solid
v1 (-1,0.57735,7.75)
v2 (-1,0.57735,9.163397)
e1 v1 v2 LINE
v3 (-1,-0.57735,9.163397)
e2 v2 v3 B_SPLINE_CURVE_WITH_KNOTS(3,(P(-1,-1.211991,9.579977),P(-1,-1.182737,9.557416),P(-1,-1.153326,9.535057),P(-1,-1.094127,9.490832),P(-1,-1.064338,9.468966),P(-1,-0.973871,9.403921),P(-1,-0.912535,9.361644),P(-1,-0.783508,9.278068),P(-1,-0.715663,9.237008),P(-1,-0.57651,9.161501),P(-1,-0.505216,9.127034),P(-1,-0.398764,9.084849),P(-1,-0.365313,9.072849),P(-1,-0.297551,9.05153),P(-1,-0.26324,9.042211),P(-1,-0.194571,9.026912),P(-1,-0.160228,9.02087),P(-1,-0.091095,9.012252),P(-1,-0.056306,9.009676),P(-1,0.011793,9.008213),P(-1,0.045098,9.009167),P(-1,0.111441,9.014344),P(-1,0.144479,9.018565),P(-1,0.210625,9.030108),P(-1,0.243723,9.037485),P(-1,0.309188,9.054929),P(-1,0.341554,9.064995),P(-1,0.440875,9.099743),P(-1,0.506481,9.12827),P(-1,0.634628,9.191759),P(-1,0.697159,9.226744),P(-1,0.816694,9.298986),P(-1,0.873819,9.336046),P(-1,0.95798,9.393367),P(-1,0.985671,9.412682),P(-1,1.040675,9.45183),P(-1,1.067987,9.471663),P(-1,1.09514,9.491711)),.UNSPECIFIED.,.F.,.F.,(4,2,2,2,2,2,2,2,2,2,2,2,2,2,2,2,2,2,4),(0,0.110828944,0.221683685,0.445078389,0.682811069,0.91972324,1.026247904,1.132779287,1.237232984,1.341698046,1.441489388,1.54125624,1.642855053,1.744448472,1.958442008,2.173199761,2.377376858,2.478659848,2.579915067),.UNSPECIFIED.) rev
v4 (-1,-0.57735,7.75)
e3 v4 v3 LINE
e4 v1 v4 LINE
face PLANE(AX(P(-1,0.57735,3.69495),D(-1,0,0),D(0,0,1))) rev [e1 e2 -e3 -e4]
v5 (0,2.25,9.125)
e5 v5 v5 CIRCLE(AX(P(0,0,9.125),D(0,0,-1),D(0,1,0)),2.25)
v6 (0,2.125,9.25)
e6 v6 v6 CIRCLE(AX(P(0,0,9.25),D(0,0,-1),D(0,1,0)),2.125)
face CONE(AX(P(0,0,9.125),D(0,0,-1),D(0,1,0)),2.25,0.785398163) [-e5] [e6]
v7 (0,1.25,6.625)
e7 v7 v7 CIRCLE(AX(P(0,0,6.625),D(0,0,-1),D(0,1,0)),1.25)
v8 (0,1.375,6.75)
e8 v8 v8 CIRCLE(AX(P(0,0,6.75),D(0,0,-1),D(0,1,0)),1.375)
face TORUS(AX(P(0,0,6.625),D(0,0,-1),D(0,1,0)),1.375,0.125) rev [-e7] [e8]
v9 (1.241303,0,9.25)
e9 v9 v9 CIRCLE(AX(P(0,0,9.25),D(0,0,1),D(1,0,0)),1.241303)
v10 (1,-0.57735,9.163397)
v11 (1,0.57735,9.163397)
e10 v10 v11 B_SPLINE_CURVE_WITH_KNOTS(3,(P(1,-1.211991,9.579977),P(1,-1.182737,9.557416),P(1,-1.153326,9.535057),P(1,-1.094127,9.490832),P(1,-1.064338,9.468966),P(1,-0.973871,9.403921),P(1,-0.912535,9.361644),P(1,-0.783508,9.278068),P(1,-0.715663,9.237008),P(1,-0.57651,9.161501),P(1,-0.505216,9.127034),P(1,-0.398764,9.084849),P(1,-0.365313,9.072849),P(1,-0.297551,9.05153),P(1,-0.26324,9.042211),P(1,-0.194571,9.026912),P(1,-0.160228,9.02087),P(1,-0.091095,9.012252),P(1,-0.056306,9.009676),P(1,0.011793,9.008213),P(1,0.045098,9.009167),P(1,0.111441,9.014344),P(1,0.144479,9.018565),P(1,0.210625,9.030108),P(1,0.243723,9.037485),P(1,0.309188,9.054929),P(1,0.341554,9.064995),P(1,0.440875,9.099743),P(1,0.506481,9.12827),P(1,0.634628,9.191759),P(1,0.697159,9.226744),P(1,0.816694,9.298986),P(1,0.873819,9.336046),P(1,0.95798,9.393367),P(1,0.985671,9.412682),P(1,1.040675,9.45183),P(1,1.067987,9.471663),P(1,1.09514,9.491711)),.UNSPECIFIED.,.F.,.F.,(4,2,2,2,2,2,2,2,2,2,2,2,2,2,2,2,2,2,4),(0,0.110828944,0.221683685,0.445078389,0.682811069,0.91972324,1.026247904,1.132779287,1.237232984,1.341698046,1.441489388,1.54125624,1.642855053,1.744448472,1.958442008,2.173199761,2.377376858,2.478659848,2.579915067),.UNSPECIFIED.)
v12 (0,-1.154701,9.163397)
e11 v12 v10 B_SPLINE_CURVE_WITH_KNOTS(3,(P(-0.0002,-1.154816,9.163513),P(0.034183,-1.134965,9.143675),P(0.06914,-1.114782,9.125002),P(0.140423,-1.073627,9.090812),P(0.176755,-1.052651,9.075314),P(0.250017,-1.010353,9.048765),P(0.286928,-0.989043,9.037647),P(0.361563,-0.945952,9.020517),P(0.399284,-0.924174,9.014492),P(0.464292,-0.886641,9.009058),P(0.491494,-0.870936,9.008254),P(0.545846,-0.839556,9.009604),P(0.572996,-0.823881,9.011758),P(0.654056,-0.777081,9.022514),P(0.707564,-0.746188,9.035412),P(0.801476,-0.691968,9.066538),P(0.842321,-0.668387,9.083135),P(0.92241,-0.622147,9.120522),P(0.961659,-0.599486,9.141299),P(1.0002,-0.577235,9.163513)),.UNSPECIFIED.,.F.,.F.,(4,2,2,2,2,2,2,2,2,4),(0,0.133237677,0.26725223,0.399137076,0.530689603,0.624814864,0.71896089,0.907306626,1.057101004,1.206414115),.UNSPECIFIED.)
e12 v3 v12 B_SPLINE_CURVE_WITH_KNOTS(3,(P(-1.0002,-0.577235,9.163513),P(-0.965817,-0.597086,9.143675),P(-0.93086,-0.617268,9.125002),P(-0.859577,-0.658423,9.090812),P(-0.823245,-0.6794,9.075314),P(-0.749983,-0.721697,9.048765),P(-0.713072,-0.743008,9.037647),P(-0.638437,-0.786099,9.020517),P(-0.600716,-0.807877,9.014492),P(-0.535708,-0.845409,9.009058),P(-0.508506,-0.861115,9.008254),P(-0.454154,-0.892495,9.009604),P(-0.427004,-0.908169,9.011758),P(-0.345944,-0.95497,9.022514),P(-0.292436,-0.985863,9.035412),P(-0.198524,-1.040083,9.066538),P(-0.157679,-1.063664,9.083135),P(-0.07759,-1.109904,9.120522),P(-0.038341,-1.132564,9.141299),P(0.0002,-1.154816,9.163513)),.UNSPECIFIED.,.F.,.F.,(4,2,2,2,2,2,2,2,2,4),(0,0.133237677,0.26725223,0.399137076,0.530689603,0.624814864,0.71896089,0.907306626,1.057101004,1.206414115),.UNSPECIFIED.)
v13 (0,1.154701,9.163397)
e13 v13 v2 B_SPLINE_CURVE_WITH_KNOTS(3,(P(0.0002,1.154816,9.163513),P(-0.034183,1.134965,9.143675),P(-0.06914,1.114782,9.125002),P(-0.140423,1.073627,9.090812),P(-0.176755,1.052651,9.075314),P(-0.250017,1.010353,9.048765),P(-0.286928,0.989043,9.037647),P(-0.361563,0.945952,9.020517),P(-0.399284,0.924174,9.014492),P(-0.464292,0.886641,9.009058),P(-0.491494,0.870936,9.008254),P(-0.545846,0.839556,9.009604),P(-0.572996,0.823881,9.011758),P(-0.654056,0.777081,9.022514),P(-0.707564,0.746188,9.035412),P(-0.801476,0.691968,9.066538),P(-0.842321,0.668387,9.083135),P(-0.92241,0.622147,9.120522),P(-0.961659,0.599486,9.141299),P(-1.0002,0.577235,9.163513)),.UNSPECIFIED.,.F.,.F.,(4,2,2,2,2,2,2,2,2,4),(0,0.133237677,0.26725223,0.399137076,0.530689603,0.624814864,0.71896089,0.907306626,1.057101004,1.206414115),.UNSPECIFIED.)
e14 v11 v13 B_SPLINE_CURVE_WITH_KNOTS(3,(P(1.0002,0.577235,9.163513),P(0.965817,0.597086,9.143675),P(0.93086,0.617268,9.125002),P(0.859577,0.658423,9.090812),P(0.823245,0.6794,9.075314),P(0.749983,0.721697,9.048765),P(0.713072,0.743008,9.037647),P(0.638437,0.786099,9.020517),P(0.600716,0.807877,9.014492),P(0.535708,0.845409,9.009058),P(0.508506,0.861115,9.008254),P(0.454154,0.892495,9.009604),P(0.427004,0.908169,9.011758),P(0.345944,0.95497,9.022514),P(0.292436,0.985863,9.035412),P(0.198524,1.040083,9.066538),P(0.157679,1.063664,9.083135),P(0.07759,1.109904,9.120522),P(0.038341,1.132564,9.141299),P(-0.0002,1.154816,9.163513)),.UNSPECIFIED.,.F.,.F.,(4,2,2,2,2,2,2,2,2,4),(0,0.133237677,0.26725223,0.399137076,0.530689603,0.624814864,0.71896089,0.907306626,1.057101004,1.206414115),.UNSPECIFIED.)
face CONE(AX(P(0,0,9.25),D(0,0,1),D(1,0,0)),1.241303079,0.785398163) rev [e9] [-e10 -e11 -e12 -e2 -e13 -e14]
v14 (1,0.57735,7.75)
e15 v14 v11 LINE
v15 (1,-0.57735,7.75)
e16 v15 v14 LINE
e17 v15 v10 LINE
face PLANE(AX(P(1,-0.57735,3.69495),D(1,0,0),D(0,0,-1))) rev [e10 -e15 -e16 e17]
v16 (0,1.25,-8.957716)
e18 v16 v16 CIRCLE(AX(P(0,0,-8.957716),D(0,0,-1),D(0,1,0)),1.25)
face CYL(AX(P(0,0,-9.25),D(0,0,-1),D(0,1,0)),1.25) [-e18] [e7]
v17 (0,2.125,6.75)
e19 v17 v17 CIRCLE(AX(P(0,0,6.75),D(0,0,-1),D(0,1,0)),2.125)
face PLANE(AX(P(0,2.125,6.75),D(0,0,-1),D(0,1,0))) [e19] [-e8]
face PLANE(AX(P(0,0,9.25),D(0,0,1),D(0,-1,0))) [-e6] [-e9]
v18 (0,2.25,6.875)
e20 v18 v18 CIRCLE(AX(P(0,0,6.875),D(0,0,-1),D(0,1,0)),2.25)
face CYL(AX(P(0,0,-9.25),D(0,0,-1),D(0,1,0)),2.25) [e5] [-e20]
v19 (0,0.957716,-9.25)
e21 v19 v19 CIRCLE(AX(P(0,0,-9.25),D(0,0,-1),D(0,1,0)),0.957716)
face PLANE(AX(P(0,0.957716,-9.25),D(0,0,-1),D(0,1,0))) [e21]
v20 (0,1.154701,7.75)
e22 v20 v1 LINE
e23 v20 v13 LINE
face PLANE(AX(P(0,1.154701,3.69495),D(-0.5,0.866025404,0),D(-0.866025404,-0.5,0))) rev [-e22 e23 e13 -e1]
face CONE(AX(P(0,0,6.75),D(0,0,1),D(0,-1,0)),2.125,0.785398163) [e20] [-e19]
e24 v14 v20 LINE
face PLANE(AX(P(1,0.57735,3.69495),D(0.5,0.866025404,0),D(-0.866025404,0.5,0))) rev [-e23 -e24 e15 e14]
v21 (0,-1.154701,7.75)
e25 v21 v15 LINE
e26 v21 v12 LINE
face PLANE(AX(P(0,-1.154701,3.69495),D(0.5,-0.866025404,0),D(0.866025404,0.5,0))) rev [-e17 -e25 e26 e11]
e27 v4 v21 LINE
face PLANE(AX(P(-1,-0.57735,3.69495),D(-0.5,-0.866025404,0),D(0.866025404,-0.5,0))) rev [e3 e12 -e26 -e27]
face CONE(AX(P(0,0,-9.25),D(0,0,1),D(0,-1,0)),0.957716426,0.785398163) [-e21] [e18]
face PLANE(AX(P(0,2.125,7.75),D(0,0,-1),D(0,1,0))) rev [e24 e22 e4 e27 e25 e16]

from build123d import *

# Parameters (mm, degrees)
CUT_EXTRUDE1_DEPTH = 1.5
SKETCH4_R          = 1.241303079
CUT_EXTRUDE2_DEPTH = 1.5
CUT_EXTRUDE2_DRAFT = -45


with BuildPart() as part:
    # Sketch2 → Revolve1 (revolve)
    with BuildSketch(Plane(origin=(0, 0, 0), x_dir=(0, 0, -1), z_dir=(1, 0, 0))):
        with BuildLine():
            Line((-9.25, 0), (-9.25, 2.125))
            Line((-9.25, 2.125), (-9.125, 2.25))
            Line((-9.125, 2.25), (-6.875, 2.25))
            Line((-6.875, 2.25), (-6.75, 2.125))
            Line((-6.75, 2.125), (-6.75, 1.375))
            ThreePointArc((-6.75, 1.375), (-6.713388348, 1.286611652), (-6.625, 1.25))
            Line((-6.625, 1.25), (8.957716426, 1.25))
            Line((8.957716426, 1.25), (9.25, 0.957716426))
            Line((9.25, 0.957716426), (9.25, 0))
            Line((9.25, 0), (-9.25, 0))
        make_face()
    revolve(axis=Axis((0, 0, -9.25), (0, 0, 1)))

    # Sketch3 → Cut-Extrude1 (cut)
    with BuildSketch(Plane.XY.offset(9.25)):
        Polygon((1, -0.577350269), (1, 0.577350269), (0, 1.154700538), (-1, 0.577350269), (-1, -0.577350269), (0, -1.154700538), align=None)
    extrude(amount=-CUT_EXTRUDE1_DEPTH, mode=Mode.SUBTRACT)


with BuildPart() as cut_extrude2_tool:
    # Sketch4 → Cut-Extrude2 (with draft: the straight prism first)
    with BuildSketch(Plane.XY.offset(9.25)):
        Circle(SKETCH4_R)
    extrude(amount=-CUT_EXTRUDE2_DEPTH)
    # Cut-Extrude2: the draft: its side faces are tilted about the plane it starts from
    cut_extrude2_sides = [cut_extrude2_tool.faces().sort_by_distance(p)[0] for p in [
        (-1.241303079, 0, 8.5),
    ]]
    draft(cut_extrude2_sides, Plane.XY.offset(9.25), CUT_EXTRUDE2_DRAFT)


with BuildPart() as part_1:
    add(part.part)

    # Cut-Extrude2: cut by cut_extrude2_tool
    add(cut_extrude2_tool.part, mode=Mode.SUBTRACT)


solid = part_1.part
